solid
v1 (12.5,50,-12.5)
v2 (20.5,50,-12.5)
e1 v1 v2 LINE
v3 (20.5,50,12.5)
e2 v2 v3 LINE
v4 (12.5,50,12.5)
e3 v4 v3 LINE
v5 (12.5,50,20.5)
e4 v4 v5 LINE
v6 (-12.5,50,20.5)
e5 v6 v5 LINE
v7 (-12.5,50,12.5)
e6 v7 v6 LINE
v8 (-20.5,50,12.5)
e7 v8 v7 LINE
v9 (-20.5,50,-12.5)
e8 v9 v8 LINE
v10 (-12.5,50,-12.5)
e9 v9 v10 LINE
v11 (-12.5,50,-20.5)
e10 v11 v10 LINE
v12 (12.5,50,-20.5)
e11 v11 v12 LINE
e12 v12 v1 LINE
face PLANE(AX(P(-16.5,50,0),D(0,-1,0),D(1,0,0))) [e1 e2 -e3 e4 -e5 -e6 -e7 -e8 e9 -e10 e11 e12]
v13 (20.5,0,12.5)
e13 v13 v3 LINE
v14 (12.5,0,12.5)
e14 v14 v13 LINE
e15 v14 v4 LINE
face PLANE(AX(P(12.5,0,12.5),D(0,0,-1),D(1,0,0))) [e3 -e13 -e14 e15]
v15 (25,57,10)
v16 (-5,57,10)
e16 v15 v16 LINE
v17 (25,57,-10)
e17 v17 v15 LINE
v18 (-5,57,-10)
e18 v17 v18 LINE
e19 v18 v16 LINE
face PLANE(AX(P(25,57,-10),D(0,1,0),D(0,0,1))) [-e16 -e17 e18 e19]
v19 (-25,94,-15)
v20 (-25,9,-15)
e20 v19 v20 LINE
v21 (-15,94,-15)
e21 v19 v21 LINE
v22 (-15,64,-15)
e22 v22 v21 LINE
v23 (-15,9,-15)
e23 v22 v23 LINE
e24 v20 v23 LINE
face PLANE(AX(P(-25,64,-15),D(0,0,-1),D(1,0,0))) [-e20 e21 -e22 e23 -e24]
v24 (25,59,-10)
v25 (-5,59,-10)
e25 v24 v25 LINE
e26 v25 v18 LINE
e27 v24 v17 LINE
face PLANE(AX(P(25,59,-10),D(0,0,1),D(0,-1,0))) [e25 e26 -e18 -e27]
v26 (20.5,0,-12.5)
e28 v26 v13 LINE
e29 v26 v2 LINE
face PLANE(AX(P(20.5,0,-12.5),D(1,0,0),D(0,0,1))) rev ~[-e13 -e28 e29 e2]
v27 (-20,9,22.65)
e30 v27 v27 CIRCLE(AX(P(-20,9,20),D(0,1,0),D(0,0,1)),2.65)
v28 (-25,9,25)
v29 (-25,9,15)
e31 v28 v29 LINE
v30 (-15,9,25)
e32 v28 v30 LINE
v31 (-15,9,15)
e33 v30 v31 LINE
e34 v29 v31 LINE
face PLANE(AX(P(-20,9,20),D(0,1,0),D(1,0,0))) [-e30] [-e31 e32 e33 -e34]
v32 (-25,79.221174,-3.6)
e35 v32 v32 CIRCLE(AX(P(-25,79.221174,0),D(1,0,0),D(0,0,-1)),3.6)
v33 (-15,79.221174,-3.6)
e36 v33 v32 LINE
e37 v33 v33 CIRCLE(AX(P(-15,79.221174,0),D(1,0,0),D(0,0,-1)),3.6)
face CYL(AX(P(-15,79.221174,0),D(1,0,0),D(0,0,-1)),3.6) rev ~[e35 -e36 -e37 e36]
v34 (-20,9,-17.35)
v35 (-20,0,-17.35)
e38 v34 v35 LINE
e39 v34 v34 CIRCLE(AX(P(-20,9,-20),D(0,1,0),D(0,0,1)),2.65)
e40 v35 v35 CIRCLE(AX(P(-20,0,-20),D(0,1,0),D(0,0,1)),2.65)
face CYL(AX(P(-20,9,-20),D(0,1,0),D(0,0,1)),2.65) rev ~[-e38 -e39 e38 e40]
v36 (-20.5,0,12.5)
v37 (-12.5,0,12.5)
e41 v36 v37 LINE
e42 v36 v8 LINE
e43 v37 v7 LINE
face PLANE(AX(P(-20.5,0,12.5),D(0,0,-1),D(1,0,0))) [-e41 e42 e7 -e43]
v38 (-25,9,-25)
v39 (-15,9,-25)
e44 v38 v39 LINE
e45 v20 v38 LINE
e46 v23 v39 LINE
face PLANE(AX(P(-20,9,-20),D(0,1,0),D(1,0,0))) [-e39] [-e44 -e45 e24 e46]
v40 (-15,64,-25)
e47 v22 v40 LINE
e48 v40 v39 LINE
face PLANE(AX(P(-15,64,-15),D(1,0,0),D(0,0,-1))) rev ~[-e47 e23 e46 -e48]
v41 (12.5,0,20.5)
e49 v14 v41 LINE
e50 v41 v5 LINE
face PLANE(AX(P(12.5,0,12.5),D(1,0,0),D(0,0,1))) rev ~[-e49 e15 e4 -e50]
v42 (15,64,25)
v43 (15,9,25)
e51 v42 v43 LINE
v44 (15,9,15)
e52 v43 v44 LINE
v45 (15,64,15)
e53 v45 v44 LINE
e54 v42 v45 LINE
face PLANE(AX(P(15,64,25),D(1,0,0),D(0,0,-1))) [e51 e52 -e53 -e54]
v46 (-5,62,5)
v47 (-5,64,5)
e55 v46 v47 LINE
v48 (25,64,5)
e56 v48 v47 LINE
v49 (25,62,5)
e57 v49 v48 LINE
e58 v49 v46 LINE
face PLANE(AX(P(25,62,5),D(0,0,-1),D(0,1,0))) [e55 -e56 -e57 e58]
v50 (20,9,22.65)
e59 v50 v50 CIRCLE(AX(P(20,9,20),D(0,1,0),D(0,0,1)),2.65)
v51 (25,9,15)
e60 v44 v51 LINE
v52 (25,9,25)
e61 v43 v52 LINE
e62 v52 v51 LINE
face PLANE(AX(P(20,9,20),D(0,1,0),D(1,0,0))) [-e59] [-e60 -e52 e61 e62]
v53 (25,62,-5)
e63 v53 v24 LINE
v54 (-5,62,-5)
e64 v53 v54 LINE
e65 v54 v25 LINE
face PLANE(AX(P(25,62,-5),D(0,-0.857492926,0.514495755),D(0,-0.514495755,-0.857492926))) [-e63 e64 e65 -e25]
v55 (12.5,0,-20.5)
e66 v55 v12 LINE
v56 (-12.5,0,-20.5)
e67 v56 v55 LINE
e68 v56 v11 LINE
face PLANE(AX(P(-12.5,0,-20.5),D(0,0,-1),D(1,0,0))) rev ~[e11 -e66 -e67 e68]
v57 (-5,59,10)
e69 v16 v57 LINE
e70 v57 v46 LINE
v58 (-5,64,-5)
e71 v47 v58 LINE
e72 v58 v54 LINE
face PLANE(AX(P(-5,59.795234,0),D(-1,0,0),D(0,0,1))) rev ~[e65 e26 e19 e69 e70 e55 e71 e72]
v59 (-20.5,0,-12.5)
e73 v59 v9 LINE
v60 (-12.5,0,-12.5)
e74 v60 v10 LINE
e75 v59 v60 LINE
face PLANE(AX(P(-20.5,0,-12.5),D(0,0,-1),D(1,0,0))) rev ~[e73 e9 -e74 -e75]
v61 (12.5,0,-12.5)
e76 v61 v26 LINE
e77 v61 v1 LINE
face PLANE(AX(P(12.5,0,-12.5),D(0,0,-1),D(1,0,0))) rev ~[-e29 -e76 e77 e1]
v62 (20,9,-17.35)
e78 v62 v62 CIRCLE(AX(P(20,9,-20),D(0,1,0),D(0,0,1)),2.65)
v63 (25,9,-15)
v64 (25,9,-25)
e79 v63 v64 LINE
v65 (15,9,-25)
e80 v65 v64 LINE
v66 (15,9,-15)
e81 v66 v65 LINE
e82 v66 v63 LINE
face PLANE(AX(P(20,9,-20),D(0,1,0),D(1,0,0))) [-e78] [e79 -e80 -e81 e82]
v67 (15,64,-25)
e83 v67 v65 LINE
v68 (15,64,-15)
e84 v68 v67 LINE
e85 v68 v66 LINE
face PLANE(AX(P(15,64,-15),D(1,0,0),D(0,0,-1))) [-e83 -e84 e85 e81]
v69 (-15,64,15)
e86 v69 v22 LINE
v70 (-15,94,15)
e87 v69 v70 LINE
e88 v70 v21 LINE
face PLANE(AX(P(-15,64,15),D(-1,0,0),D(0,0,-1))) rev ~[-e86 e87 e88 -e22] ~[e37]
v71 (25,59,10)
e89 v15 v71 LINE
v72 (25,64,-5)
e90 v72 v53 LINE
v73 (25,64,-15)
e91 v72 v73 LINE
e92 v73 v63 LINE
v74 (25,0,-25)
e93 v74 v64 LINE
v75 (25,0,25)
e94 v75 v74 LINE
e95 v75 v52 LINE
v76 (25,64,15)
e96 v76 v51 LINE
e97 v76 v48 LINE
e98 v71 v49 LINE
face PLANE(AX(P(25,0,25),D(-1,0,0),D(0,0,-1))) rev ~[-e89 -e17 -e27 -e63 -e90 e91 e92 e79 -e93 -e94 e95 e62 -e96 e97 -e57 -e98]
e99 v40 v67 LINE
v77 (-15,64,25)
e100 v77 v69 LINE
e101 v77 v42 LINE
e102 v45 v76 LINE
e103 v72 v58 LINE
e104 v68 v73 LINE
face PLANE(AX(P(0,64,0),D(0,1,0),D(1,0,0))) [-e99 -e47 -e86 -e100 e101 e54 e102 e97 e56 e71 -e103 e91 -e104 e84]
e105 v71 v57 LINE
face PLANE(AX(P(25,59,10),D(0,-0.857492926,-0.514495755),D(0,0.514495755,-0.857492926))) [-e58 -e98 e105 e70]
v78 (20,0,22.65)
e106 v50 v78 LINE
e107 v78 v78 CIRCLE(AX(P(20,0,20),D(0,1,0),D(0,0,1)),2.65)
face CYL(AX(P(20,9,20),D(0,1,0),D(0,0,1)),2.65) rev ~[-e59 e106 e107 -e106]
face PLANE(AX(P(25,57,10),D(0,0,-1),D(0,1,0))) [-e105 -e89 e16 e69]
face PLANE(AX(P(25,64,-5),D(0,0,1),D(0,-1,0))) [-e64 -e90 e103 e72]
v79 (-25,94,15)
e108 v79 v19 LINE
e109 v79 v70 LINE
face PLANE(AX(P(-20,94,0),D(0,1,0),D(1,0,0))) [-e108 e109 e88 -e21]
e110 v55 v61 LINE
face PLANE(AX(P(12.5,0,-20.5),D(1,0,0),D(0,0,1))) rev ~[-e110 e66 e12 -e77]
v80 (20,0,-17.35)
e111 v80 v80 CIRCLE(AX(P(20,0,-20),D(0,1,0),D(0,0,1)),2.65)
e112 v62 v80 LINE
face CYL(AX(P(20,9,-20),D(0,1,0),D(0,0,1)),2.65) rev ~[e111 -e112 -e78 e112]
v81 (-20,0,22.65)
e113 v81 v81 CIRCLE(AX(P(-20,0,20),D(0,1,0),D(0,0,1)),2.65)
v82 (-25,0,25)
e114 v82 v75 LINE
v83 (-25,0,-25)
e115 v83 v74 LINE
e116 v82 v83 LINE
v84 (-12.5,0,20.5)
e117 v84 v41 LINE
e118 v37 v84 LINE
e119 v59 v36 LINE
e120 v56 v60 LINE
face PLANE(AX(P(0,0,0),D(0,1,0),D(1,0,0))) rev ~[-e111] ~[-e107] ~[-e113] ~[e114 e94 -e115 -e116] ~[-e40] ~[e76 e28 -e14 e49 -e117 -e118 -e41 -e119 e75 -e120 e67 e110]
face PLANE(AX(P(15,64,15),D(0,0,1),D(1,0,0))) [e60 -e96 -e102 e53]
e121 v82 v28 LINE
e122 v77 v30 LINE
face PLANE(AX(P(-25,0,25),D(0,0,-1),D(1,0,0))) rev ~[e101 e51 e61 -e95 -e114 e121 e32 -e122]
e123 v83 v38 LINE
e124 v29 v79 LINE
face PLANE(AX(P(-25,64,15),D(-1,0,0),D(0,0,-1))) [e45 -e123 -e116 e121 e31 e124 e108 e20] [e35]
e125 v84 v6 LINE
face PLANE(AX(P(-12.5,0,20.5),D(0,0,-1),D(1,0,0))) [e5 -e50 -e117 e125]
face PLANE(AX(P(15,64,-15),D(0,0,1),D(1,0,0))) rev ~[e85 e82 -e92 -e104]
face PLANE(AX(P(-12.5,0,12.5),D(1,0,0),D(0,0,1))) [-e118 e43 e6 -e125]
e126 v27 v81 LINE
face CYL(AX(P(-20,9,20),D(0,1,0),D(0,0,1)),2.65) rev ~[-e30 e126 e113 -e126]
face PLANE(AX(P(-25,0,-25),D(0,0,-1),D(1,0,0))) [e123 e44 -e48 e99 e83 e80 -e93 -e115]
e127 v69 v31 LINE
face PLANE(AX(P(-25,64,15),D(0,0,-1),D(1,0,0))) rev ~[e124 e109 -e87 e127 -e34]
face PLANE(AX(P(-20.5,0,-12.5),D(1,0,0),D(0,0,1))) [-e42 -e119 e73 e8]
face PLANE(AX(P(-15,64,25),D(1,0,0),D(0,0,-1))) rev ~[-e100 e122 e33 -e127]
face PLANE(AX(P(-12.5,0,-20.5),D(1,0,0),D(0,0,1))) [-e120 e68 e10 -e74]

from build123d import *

# Parameters (mm, degrees)
SKETCH1_W           = 50
SKETCH1_H           = 50
BOSS_EXTRUDE1_DEPTH = 64
SKETCH2_W           = 10
SKETCH2_H           = 10
CUT_EXTRUDE1_DEPTH  = 55
CUT_EXTRUDE2_DEPTH  = 30
SKETCH4_W           = 10
SKETCH4_H           = 30
BOSS_EXTRUDE2_DEPTH = 30
SKETCH6_W           = 8
SKETCH6_H           = 25
SKETCH6_W_2         = 25
SKETCH6_H_2         = 8
CUT_EXTRUDE4_DEPTH  = 50
SKETCH7_R           = 3.6
CUT_EXTRUDE5_DEPTH  = 50
SKETCH8_R           = 2.65
CUT_EXTRUDE6_DEPTH  = 50


with BuildPart() as part:
    # Sketch1 → Boss-Extrude1 (new body)
    with BuildSketch(Plane(origin=(0, 0, 0), x_dir=(1, 0, 0), z_dir=(0, 1, 0))):
        Rectangle(SKETCH1_W, SKETCH1_H)
    extrude(amount=BOSS_EXTRUDE1_DEPTH)

    # Sketch2 → Cut-Extrude1 (cut)
    with BuildSketch(Plane(origin=(0, 64, 0), x_dir=(1, 0, 0), z_dir=(0, 1, 0))):
        with Locations((20, 20)):
            Rectangle(SKETCH2_W, SKETCH2_H)
        with Locations((-20, 20)):
            Rectangle(SKETCH2_W, SKETCH2_H)
        with Locations((20, -20)):
            Rectangle(SKETCH2_W, SKETCH2_H)
        with Locations((-20, -20)):
            Rectangle(SKETCH2_W, SKETCH2_H)
    extrude(amount=-CUT_EXTRUDE1_DEPTH, mode=Mode.SUBTRACT)

    # Sketch3 → Cut-Extrude2 (cut)
    with BuildSketch(Plane(origin=(25, 0, 0), x_dir=(0, 0, -1), z_dir=(1, 0, 0))):
        Polygon((-5, 64), (5, 64), (5, 62), (10, 59), (10, 57), (-10, 57), (-10, 59), (-5, 62), align=None)
    extrude(amount=-CUT_EXTRUDE2_DEPTH, mode=Mode.SUBTRACT)

    # Sketch4 → Boss-Extrude2 (add)
    with BuildSketch(Plane(origin=(0, 64, 0), x_dir=(1, 0, 0), z_dir=(0, 1, 0))):
        with Locations((-20, 0)):
            Rectangle(SKETCH4_W, SKETCH4_H)
    extrude(amount=BOSS_EXTRUDE2_DEPTH)

    # Sketch6 → Cut-Extrude4 (cut)
    with BuildSketch(Plane.XZ):
        with Locations((-16.5, 0)):
            Rectangle(SKETCH6_W, SKETCH6_H)
        with Locations((0, 16.5)):
            Rectangle(SKETCH6_W_2, SKETCH6_H_2)
        Rectangle(SKETCH6_W_2, SKETCH6_H)
        with Locations((16.5, 0)):
            Rectangle(SKETCH6_W, SKETCH6_H)
        with Locations((0, -16.5)):
            Rectangle(SKETCH6_W_2, SKETCH6_H_2)
    extrude(amount=-CUT_EXTRUDE4_DEPTH, mode=Mode.SUBTRACT)

    # Sketch7 → Cut-Extrude5 (cut)
    with BuildSketch(Plane(origin=(-15, 0, 0), x_dir=(0, 0, -1), z_dir=(1, 0, 0))):
        with Locations((0, 79.221173682)):
            Circle(SKETCH7_R)
    extrude(amount=-CUT_EXTRUDE5_DEPTH, mode=Mode.SUBTRACT)

    # Sketch8 → Cut-Extrude6 (cut)
    with BuildSketch(Plane(origin=(0, 9, 0), x_dir=(1, 0, 0), z_dir=(0, 1, 0))):
        with Locations(Location((20, -20, 0), (0, 0, 270))):
            Circle(SKETCH8_R)
        with Locations(Location((-20, -20, 0), (0, 0, 270))):
            Circle(SKETCH8_R)
        with Locations(Location((-20, 20, 0), (0, 0, 270))):
            Circle(SKETCH8_R)
        with Locations(Location((20, 20, 0), (0, 0, 270))):
            Circle(SKETCH8_R)
    extrude(amount=-CUT_EXTRUDE6_DEPTH, mode=Mode.SUBTRACT)


solid = part.part
